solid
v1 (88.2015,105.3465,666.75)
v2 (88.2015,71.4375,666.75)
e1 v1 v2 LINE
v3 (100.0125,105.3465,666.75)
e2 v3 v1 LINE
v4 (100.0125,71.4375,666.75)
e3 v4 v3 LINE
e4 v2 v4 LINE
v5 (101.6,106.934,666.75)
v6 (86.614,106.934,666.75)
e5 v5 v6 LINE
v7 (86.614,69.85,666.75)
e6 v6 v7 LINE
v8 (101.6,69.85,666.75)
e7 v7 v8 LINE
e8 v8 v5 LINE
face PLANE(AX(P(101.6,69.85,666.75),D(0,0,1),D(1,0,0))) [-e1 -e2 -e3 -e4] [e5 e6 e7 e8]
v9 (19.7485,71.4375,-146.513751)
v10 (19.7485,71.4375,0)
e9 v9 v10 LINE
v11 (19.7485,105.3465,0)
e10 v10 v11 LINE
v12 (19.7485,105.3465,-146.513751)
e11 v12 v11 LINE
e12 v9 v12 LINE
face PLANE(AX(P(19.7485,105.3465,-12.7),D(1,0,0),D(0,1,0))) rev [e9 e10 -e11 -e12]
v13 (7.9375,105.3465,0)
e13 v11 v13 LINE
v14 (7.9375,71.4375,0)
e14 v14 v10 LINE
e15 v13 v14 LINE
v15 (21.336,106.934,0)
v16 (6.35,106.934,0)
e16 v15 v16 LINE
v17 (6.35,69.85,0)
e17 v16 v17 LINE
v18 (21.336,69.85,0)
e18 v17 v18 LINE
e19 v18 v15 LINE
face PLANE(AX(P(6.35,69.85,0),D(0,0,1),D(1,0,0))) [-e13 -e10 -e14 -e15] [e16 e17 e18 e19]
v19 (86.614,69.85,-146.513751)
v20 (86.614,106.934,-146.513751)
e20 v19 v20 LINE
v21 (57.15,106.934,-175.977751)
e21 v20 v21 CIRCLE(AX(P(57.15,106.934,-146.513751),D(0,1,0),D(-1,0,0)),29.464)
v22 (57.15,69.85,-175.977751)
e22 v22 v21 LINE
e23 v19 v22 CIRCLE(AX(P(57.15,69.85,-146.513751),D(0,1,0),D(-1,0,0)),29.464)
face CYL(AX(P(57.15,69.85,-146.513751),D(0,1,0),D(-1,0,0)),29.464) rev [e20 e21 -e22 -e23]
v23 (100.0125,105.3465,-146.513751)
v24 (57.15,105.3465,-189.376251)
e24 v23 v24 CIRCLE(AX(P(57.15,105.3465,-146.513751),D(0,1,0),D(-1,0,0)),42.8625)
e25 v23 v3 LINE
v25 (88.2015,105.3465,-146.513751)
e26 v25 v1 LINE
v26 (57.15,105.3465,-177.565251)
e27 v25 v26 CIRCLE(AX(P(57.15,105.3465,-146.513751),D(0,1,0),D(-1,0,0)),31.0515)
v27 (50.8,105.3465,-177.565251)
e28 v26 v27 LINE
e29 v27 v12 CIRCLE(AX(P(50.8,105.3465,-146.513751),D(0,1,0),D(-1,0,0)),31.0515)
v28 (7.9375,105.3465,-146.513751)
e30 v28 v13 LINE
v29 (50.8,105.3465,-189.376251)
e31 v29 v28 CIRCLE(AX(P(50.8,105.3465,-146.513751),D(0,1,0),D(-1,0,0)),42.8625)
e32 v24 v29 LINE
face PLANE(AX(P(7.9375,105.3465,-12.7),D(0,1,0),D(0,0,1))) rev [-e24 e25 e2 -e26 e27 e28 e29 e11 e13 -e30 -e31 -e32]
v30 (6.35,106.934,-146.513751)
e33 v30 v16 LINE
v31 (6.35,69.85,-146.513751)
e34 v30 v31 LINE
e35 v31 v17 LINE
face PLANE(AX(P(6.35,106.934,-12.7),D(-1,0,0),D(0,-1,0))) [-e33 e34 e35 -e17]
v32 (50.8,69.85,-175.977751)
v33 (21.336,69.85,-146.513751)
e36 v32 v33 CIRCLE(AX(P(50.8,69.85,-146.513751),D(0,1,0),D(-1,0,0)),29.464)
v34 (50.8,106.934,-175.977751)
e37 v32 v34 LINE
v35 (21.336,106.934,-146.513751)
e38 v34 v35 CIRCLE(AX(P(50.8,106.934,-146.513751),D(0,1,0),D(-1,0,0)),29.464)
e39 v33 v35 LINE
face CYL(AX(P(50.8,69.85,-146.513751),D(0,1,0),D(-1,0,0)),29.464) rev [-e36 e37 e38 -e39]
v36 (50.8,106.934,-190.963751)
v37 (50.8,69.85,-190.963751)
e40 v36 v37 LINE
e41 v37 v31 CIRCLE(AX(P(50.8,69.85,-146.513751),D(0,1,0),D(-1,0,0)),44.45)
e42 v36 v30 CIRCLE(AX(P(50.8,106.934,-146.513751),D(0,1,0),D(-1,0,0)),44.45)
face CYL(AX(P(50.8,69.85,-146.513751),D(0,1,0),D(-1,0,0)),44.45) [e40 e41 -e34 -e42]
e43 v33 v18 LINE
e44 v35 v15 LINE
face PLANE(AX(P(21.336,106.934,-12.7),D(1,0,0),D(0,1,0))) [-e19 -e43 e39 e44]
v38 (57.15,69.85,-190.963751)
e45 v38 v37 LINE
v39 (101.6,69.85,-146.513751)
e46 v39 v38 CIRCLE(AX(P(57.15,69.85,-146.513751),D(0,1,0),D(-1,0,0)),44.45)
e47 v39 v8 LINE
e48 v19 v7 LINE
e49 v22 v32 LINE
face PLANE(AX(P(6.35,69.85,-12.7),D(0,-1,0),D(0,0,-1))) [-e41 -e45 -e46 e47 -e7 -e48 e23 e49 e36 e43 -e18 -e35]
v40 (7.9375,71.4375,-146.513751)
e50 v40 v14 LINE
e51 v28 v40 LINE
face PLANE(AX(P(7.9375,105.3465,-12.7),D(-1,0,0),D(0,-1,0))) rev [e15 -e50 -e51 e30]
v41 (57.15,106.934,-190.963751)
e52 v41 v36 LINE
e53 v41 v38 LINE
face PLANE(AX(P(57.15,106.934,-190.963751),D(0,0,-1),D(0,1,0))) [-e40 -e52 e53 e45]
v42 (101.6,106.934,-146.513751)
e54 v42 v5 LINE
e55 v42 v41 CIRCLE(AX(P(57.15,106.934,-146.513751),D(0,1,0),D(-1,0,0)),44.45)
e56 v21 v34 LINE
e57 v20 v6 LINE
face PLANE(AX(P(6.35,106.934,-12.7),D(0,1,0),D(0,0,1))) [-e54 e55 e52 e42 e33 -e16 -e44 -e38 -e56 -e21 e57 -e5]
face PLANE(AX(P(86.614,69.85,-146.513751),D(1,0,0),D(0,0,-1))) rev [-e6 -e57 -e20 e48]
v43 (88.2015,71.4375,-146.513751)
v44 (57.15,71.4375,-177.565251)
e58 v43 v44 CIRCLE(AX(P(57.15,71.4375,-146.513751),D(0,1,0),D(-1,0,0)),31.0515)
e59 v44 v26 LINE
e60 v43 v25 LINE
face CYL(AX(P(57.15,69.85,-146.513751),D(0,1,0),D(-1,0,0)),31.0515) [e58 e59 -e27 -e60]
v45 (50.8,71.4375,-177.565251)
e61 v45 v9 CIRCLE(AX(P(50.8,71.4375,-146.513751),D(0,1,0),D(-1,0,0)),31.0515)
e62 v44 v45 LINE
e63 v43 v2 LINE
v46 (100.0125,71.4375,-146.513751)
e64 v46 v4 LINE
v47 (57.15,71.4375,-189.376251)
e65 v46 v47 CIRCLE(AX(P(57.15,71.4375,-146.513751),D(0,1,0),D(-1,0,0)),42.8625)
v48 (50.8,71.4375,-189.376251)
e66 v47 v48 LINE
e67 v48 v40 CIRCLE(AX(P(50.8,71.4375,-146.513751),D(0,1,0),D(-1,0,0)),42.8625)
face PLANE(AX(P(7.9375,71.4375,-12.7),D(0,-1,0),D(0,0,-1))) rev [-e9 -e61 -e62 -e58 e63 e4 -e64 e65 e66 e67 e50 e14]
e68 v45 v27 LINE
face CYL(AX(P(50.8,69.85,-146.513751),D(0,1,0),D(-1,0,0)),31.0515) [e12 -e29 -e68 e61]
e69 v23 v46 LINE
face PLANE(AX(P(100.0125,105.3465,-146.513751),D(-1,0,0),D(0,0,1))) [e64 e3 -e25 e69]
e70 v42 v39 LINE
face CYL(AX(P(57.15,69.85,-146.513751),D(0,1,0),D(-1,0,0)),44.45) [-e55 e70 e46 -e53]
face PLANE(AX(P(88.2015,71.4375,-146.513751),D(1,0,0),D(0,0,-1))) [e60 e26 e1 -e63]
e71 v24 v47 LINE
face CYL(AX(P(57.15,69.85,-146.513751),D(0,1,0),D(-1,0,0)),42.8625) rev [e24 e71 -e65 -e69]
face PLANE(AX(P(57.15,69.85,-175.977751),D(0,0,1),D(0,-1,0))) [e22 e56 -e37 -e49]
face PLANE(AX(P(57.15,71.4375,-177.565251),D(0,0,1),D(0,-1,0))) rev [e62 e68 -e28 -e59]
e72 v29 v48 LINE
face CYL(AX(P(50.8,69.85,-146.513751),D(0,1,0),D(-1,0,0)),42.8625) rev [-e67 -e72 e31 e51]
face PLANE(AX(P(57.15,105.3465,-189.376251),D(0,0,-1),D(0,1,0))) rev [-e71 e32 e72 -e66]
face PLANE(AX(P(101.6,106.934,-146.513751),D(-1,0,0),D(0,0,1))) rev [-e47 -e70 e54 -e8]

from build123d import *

# Parameters (mm, degrees)
SKETCH1_W      = 14.986
SKETCH1_H      = 37.084
SKETCH1_W_2    = 11.811
SKETCH1_H_2    = 33.909
EXTRUDE1_DEPTH = 12.7
SKETCH2_W      = 14.986
SKETCH2_H      = 37.084
SKETCH2_W_2    = 11.811
SKETCH2_H_2    = 33.909
EXTRUDE2_DEPTH = 12.7
SKETCH3_W      = 14.986
SKETCH3_H      = 37.084
SKETCH3_W_2    = 11.811
SKETCH3_H_2    = 33.909


with BuildPart() as part:
    # Sketch1 → Extrude1 (new body)
    with BuildSketch(Plane.XY):
        with Locations((13.843, 88.392)):
            Rectangle(SKETCH1_W, SKETCH1_H)
        with Locations((13.843, 88.392)):
            Rectangle(SKETCH1_W_2, SKETCH1_H_2, mode=Mode.SUBTRACT)
    extrude(amount=-EXTRUDE1_DEPTH)



with BuildPart() as body_2:
    # Sketch2 → Extrude2 (new body)
    with BuildSketch(Plane.XY.offset(666.75)):
        with Locations((94.107, 88.392)):
            Rectangle(SKETCH2_W, SKETCH2_H)
        with Locations((94.107, 88.392)):
            Rectangle(SKETCH2_W_2, SKETCH2_H_2, mode=Mode.SUBTRACT)
    extrude(amount=-EXTRUDE2_DEPTH)


with BuildPart() as part_1:
    add(part.part)

    add(body_2.part)  # Sweep1 merges body 2
    # Sweep1: sweep along a curve in space
    with BuildLine() as sweep1_path:
        Line((101.6, 69.85, 654.05), (101.6, 69.85, -146.513751223))
        ThreePointArc((101.6, 69.85, -146.513751223), (88.580896424, 69.85, -177.944647647), (57.15, 69.85, -190.963751223))
        Line((57.15, 69.85, -190.963751223), (50.8, 69.85, -190.963751223))
        ThreePointArc((6.35, 69.85, -146.513751223), (19.369103576, 69.85, -177.944647647), (50.8, 69.85, -190.963751223))
        Line((6.35, 69.85, -146.513751223), (6.35, 69.85, -12.7))
    # Sketch3 → Sweep1 (sweep)
    with BuildSketch(Plane(origin=(0, 0, 654.05), x_dir=(-1, 0, 0), z_dir=(0, 0, -1))):
        with Locations((-94.107, 88.392)):
            Rectangle(SKETCH3_W, SKETCH3_H)
        with Locations((-94.107, 88.392)):
            Rectangle(SKETCH3_W_2, SKETCH3_H_2, mode=Mode.SUBTRACT)
    sweep(path=sweep1_path.line)


solid = part_1.part
